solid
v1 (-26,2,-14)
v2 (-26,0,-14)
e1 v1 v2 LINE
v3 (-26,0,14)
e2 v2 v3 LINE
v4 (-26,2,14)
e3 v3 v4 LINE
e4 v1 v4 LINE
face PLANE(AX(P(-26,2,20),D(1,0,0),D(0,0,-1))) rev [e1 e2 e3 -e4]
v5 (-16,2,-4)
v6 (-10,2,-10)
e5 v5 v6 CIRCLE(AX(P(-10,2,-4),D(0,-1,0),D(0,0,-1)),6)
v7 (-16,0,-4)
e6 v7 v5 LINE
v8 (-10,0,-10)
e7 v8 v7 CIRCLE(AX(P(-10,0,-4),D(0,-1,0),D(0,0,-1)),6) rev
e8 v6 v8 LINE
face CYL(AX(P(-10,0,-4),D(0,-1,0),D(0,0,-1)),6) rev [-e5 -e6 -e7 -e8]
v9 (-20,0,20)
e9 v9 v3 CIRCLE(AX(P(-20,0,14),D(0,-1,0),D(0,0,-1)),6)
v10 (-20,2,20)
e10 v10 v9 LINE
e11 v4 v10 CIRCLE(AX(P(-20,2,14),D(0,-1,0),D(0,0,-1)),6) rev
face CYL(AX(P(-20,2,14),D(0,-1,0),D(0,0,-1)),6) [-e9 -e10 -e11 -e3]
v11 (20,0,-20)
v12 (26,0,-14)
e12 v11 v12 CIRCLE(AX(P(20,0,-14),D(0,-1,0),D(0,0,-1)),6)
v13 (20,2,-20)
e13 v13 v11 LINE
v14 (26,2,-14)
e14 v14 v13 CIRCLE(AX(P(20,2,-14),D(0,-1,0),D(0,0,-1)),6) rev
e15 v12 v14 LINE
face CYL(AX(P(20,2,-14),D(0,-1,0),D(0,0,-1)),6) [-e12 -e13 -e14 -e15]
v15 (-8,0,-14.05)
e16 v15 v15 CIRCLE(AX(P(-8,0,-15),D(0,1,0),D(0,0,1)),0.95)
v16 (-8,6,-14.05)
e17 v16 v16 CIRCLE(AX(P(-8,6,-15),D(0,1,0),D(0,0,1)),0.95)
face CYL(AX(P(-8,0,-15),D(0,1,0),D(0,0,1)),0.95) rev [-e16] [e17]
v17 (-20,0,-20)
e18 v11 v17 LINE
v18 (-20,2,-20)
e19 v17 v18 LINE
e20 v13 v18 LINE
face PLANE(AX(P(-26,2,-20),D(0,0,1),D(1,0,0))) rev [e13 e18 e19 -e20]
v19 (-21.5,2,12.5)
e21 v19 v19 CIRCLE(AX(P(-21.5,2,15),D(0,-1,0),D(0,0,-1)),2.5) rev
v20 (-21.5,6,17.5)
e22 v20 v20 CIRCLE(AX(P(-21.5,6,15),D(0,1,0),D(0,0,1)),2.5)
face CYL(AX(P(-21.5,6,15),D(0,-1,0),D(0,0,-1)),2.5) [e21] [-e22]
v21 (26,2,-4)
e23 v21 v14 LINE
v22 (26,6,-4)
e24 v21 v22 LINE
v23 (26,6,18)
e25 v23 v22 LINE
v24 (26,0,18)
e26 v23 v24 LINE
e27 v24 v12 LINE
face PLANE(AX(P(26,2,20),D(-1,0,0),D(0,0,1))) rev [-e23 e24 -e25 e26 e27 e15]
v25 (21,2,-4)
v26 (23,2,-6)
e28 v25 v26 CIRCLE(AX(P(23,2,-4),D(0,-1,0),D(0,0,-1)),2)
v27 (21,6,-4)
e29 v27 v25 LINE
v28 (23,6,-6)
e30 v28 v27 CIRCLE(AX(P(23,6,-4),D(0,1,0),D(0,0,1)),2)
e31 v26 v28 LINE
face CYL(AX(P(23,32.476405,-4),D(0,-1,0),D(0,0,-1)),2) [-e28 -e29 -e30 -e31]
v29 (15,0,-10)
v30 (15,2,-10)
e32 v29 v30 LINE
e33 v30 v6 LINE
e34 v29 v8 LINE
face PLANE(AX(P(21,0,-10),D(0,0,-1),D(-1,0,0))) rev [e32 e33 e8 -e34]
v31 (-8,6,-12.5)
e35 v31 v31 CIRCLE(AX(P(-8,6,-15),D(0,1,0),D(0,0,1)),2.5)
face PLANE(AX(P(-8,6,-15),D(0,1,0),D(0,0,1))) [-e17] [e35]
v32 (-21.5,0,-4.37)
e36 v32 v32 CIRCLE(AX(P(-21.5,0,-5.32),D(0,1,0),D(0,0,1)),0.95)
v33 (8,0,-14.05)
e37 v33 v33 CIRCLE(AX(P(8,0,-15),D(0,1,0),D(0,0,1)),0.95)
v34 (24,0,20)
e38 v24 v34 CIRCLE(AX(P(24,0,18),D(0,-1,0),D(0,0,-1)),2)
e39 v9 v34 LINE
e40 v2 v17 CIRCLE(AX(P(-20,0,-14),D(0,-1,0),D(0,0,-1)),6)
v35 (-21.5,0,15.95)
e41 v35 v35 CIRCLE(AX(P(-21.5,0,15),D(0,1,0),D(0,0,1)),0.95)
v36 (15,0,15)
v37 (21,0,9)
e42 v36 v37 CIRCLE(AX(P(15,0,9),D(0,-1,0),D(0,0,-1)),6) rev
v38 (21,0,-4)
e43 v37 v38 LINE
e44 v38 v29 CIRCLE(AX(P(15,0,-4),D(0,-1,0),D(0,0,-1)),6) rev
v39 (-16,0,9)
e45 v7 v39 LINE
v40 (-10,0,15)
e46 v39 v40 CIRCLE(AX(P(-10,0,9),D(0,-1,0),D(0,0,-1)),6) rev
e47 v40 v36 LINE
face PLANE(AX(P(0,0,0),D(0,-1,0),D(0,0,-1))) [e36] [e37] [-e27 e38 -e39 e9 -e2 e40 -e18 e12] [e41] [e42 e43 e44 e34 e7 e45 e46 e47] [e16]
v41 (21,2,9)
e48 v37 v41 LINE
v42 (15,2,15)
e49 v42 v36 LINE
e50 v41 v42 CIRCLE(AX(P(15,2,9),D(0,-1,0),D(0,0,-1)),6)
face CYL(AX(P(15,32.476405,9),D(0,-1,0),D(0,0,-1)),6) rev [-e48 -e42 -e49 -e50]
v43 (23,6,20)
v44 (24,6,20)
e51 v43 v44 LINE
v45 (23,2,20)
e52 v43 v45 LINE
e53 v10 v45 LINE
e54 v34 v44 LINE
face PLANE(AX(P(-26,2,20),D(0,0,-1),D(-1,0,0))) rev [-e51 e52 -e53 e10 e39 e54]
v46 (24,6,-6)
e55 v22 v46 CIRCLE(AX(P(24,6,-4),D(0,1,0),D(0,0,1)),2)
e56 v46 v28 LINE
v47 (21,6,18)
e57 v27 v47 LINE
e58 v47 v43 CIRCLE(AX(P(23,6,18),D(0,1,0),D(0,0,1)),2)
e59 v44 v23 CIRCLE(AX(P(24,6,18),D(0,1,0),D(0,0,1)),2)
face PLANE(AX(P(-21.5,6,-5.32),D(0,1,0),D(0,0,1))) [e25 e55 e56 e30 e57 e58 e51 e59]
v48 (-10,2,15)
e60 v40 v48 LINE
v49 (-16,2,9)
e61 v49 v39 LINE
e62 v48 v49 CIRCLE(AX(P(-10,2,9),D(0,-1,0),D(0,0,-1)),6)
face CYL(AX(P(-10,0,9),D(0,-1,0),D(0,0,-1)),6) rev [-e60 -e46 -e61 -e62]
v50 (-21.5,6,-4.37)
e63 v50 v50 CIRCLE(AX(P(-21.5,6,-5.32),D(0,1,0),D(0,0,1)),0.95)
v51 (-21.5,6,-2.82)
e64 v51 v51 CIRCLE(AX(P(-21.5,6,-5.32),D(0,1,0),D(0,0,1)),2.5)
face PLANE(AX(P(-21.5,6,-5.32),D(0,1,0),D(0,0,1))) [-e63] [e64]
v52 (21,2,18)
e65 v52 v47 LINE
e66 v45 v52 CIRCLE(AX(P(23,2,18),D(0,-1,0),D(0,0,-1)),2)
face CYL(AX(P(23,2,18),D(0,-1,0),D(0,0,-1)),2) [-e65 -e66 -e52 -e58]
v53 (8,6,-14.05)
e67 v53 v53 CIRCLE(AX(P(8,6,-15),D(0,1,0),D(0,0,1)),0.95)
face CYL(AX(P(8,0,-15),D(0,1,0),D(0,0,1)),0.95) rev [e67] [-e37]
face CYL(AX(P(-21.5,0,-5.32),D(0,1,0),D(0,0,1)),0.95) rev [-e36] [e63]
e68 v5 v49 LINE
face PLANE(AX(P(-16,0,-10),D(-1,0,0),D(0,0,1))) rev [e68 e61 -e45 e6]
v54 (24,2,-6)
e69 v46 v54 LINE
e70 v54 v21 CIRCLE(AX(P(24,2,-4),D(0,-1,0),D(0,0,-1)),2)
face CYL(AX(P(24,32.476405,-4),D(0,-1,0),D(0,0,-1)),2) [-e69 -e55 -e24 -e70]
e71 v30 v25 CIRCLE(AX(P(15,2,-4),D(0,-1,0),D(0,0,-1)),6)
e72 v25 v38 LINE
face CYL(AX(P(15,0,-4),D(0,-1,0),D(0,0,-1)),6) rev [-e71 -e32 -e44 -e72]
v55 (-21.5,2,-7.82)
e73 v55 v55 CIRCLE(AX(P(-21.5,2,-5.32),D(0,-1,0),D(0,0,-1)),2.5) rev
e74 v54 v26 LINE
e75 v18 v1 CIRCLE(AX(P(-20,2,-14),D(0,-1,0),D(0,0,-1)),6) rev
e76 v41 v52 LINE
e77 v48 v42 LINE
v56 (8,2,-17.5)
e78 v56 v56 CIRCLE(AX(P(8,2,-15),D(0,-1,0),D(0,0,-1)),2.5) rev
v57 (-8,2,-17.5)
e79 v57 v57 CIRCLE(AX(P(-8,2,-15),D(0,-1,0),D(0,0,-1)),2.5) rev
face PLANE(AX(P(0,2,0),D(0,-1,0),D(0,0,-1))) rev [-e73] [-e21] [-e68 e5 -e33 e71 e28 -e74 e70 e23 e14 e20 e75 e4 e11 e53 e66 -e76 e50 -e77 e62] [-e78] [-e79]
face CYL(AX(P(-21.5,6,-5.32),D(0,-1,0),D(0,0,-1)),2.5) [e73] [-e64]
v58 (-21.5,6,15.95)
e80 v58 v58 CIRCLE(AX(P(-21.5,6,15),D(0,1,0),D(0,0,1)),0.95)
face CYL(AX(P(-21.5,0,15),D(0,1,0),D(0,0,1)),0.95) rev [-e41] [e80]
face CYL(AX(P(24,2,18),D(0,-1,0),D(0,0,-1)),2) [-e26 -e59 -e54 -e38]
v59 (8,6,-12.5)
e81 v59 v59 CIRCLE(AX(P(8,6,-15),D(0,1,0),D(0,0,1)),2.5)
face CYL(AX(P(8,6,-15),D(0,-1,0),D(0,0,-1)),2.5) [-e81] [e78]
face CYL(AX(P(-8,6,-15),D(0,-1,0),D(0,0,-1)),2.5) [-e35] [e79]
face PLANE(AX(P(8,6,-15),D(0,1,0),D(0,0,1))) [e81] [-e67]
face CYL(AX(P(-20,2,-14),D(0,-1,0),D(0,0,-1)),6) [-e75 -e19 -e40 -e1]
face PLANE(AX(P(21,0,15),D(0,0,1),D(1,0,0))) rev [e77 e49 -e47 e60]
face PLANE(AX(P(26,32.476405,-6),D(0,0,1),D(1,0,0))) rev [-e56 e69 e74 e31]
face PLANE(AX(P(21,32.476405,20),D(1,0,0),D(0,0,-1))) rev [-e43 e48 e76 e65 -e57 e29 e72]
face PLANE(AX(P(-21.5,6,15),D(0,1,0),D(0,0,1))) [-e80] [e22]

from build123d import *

# Parameters (mm, degrees)
SKETCH1_W           = 52
SKETCH1_H           = 40
BOSS_EXTRUDE1_DEPTH = 2
SKETCH2_R           = 0.95
CUT_EXTRUDE1_DEPTH  = 33.86335345
BOSS_EXTRUDE2_START = 4
SKETCH3_R           = 2.5
SKETCH3_R_2         = 0.95
BOSS_EXTRUDE2_DEPTH = 4
SKETCH4_W           = 5
SKETCH4_H           = 26
BOSS_EXTRUDE3_DEPTH = 4
SKETCH5_W           = 37
SKETCH5_H           = 25
CUT_EXTRUDE2_DEPTH  = 34.045423284
FILLET1_R           = 2
FILLET2_R           = 6


with BuildPart() as part:
    # Sketch1 → Boss-Extrude1 (new body)
    with BuildSketch(Plane(origin=(0, 0, 0), x_dir=(1, 0, 0), z_dir=(0, 1, 0))):
        Rectangle(SKETCH1_W, SKETCH1_H)
    extrude(amount=BOSS_EXTRUDE1_DEPTH)

    # Sketch2 → Cut-Extrude1 (cut, through all)
    with BuildSketch(Plane(origin=(0, 2, 0), x_dir=(1, 0, 0), z_dir=(0, 1, 0))):
        with Locations(Location((8, 15, 0), (0, 0, 270))):
            Circle(SKETCH2_R)
        with Locations(Location((-8, 15, 0), (0, 0, 270))):
            Circle(SKETCH2_R)
        with Locations(Location((-21.5, 5.32, 0), (0, 0, 270))):
            Circle(SKETCH2_R)
        with Locations(Location((-21.5, -15, 0), (0, 0, 270))):
            Circle(SKETCH2_R)
    extrude(amount=-CUT_EXTRUDE1_DEPTH, mode=Mode.SUBTRACT)

    # Sketch3 → Boss-Extrude2 (add)
    # profile 1 of 4: a face of its own
    with BuildSketch(Plane(origin=(0, 2, 0), x_dir=(1, 0, 0), z_dir=(0, 1, 0)).offset(BOSS_EXTRUDE2_START)):
        with Locations(Location((-21.5, 5.32, 0), (0, 0, 90))):
            Circle(SKETCH3_R)
        with Locations(Location((-21.5, 5.32, 0), (0, 0, 270))):
            Circle(SKETCH3_R_2, mode=Mode.SUBTRACT)
    # profile 2 of 4: a face of its own
    with BuildSketch(Plane(origin=(0, 2, 0), x_dir=(1, 0, 0), z_dir=(0, 1, 0)).offset(BOSS_EXTRUDE2_START)):
        with Locations(Location((-21.5, -15, 0), (0, 0, 90))):
            Circle(SKETCH3_R)
        with Locations(Location((-21.5, -15, 0), (0, 0, 270))):
            Circle(SKETCH3_R_2, mode=Mode.SUBTRACT)
    # profile 3 of 4: a face of its own
    with BuildSketch(Plane(origin=(0, 2, 0), x_dir=(1, 0, 0), z_dir=(0, 1, 0)).offset(BOSS_EXTRUDE2_START)):
        with Locations(Location((8, 15, 0), (0, 0, 90))):
            Circle(SKETCH3_R)
        with Locations(Location((8, 15, 0), (0, 0, 270))):
            Circle(SKETCH3_R_2, mode=Mode.SUBTRACT)
    # profile 4 of 4: a face of its own
    with BuildSketch(Plane(origin=(0, 2, 0), x_dir=(1, 0, 0), z_dir=(0, 1, 0)).offset(BOSS_EXTRUDE2_START)):
        with Locations(Location((-8, 15, 0), (0, 0, 90))):
            Circle(SKETCH3_R)
        with Locations(Location((-8, 15, 0), (0, 0, 270))):
            Circle(SKETCH3_R_2, mode=Mode.SUBTRACT)
    extrude(amount=-BOSS_EXTRUDE2_DEPTH)

    # Sketch4 → Boss-Extrude3 (add)
    with BuildSketch(Plane(origin=(0, 2, 0), x_dir=(1, 0, 0), z_dir=(0, 1, 0))):
        with Locations((23.5, -7)):
            Rectangle(SKETCH4_W, SKETCH4_H)
    extrude(amount=BOSS_EXTRUDE3_DEPTH)

    # Sketch5 → Cut-Extrude2 (cut, through all)
    with BuildSketch(Plane(origin=(0, 2, 0), x_dir=(1, 0, 0), z_dir=(0, 1, 0))):
        with Locations((2.5, -2.5)):
            Rectangle(SKETCH5_W, SKETCH5_H)
    extrude(amount=-CUT_EXTRUDE2_DEPTH, mode=Mode.SUBTRACT)

    # Fillet1
    fillet1_edges = [part.edges().sort_by_distance(p)[0] for p in [
        (26, 4, -6),
        (21, 4, -6),
        (21, 4, 20),
        (26, 3, 20),
    ]]
    fillet(fillet1_edges, radius=FILLET1_R)

    # Fillet2
    fillet2_edges = [part.edges().sort_by_distance(p)[0] for p in [
        (-16, 1, 15),
        (-16, 1, -10),
        (21, 1, -10),
        (21, 1, 15),
        (-26, 1, 20),
        (-26, 1, -20),
        (26, 1, -20),
    ]]
    fillet(fillet2_edges, radius=FILLET2_R)


solid = part.part
